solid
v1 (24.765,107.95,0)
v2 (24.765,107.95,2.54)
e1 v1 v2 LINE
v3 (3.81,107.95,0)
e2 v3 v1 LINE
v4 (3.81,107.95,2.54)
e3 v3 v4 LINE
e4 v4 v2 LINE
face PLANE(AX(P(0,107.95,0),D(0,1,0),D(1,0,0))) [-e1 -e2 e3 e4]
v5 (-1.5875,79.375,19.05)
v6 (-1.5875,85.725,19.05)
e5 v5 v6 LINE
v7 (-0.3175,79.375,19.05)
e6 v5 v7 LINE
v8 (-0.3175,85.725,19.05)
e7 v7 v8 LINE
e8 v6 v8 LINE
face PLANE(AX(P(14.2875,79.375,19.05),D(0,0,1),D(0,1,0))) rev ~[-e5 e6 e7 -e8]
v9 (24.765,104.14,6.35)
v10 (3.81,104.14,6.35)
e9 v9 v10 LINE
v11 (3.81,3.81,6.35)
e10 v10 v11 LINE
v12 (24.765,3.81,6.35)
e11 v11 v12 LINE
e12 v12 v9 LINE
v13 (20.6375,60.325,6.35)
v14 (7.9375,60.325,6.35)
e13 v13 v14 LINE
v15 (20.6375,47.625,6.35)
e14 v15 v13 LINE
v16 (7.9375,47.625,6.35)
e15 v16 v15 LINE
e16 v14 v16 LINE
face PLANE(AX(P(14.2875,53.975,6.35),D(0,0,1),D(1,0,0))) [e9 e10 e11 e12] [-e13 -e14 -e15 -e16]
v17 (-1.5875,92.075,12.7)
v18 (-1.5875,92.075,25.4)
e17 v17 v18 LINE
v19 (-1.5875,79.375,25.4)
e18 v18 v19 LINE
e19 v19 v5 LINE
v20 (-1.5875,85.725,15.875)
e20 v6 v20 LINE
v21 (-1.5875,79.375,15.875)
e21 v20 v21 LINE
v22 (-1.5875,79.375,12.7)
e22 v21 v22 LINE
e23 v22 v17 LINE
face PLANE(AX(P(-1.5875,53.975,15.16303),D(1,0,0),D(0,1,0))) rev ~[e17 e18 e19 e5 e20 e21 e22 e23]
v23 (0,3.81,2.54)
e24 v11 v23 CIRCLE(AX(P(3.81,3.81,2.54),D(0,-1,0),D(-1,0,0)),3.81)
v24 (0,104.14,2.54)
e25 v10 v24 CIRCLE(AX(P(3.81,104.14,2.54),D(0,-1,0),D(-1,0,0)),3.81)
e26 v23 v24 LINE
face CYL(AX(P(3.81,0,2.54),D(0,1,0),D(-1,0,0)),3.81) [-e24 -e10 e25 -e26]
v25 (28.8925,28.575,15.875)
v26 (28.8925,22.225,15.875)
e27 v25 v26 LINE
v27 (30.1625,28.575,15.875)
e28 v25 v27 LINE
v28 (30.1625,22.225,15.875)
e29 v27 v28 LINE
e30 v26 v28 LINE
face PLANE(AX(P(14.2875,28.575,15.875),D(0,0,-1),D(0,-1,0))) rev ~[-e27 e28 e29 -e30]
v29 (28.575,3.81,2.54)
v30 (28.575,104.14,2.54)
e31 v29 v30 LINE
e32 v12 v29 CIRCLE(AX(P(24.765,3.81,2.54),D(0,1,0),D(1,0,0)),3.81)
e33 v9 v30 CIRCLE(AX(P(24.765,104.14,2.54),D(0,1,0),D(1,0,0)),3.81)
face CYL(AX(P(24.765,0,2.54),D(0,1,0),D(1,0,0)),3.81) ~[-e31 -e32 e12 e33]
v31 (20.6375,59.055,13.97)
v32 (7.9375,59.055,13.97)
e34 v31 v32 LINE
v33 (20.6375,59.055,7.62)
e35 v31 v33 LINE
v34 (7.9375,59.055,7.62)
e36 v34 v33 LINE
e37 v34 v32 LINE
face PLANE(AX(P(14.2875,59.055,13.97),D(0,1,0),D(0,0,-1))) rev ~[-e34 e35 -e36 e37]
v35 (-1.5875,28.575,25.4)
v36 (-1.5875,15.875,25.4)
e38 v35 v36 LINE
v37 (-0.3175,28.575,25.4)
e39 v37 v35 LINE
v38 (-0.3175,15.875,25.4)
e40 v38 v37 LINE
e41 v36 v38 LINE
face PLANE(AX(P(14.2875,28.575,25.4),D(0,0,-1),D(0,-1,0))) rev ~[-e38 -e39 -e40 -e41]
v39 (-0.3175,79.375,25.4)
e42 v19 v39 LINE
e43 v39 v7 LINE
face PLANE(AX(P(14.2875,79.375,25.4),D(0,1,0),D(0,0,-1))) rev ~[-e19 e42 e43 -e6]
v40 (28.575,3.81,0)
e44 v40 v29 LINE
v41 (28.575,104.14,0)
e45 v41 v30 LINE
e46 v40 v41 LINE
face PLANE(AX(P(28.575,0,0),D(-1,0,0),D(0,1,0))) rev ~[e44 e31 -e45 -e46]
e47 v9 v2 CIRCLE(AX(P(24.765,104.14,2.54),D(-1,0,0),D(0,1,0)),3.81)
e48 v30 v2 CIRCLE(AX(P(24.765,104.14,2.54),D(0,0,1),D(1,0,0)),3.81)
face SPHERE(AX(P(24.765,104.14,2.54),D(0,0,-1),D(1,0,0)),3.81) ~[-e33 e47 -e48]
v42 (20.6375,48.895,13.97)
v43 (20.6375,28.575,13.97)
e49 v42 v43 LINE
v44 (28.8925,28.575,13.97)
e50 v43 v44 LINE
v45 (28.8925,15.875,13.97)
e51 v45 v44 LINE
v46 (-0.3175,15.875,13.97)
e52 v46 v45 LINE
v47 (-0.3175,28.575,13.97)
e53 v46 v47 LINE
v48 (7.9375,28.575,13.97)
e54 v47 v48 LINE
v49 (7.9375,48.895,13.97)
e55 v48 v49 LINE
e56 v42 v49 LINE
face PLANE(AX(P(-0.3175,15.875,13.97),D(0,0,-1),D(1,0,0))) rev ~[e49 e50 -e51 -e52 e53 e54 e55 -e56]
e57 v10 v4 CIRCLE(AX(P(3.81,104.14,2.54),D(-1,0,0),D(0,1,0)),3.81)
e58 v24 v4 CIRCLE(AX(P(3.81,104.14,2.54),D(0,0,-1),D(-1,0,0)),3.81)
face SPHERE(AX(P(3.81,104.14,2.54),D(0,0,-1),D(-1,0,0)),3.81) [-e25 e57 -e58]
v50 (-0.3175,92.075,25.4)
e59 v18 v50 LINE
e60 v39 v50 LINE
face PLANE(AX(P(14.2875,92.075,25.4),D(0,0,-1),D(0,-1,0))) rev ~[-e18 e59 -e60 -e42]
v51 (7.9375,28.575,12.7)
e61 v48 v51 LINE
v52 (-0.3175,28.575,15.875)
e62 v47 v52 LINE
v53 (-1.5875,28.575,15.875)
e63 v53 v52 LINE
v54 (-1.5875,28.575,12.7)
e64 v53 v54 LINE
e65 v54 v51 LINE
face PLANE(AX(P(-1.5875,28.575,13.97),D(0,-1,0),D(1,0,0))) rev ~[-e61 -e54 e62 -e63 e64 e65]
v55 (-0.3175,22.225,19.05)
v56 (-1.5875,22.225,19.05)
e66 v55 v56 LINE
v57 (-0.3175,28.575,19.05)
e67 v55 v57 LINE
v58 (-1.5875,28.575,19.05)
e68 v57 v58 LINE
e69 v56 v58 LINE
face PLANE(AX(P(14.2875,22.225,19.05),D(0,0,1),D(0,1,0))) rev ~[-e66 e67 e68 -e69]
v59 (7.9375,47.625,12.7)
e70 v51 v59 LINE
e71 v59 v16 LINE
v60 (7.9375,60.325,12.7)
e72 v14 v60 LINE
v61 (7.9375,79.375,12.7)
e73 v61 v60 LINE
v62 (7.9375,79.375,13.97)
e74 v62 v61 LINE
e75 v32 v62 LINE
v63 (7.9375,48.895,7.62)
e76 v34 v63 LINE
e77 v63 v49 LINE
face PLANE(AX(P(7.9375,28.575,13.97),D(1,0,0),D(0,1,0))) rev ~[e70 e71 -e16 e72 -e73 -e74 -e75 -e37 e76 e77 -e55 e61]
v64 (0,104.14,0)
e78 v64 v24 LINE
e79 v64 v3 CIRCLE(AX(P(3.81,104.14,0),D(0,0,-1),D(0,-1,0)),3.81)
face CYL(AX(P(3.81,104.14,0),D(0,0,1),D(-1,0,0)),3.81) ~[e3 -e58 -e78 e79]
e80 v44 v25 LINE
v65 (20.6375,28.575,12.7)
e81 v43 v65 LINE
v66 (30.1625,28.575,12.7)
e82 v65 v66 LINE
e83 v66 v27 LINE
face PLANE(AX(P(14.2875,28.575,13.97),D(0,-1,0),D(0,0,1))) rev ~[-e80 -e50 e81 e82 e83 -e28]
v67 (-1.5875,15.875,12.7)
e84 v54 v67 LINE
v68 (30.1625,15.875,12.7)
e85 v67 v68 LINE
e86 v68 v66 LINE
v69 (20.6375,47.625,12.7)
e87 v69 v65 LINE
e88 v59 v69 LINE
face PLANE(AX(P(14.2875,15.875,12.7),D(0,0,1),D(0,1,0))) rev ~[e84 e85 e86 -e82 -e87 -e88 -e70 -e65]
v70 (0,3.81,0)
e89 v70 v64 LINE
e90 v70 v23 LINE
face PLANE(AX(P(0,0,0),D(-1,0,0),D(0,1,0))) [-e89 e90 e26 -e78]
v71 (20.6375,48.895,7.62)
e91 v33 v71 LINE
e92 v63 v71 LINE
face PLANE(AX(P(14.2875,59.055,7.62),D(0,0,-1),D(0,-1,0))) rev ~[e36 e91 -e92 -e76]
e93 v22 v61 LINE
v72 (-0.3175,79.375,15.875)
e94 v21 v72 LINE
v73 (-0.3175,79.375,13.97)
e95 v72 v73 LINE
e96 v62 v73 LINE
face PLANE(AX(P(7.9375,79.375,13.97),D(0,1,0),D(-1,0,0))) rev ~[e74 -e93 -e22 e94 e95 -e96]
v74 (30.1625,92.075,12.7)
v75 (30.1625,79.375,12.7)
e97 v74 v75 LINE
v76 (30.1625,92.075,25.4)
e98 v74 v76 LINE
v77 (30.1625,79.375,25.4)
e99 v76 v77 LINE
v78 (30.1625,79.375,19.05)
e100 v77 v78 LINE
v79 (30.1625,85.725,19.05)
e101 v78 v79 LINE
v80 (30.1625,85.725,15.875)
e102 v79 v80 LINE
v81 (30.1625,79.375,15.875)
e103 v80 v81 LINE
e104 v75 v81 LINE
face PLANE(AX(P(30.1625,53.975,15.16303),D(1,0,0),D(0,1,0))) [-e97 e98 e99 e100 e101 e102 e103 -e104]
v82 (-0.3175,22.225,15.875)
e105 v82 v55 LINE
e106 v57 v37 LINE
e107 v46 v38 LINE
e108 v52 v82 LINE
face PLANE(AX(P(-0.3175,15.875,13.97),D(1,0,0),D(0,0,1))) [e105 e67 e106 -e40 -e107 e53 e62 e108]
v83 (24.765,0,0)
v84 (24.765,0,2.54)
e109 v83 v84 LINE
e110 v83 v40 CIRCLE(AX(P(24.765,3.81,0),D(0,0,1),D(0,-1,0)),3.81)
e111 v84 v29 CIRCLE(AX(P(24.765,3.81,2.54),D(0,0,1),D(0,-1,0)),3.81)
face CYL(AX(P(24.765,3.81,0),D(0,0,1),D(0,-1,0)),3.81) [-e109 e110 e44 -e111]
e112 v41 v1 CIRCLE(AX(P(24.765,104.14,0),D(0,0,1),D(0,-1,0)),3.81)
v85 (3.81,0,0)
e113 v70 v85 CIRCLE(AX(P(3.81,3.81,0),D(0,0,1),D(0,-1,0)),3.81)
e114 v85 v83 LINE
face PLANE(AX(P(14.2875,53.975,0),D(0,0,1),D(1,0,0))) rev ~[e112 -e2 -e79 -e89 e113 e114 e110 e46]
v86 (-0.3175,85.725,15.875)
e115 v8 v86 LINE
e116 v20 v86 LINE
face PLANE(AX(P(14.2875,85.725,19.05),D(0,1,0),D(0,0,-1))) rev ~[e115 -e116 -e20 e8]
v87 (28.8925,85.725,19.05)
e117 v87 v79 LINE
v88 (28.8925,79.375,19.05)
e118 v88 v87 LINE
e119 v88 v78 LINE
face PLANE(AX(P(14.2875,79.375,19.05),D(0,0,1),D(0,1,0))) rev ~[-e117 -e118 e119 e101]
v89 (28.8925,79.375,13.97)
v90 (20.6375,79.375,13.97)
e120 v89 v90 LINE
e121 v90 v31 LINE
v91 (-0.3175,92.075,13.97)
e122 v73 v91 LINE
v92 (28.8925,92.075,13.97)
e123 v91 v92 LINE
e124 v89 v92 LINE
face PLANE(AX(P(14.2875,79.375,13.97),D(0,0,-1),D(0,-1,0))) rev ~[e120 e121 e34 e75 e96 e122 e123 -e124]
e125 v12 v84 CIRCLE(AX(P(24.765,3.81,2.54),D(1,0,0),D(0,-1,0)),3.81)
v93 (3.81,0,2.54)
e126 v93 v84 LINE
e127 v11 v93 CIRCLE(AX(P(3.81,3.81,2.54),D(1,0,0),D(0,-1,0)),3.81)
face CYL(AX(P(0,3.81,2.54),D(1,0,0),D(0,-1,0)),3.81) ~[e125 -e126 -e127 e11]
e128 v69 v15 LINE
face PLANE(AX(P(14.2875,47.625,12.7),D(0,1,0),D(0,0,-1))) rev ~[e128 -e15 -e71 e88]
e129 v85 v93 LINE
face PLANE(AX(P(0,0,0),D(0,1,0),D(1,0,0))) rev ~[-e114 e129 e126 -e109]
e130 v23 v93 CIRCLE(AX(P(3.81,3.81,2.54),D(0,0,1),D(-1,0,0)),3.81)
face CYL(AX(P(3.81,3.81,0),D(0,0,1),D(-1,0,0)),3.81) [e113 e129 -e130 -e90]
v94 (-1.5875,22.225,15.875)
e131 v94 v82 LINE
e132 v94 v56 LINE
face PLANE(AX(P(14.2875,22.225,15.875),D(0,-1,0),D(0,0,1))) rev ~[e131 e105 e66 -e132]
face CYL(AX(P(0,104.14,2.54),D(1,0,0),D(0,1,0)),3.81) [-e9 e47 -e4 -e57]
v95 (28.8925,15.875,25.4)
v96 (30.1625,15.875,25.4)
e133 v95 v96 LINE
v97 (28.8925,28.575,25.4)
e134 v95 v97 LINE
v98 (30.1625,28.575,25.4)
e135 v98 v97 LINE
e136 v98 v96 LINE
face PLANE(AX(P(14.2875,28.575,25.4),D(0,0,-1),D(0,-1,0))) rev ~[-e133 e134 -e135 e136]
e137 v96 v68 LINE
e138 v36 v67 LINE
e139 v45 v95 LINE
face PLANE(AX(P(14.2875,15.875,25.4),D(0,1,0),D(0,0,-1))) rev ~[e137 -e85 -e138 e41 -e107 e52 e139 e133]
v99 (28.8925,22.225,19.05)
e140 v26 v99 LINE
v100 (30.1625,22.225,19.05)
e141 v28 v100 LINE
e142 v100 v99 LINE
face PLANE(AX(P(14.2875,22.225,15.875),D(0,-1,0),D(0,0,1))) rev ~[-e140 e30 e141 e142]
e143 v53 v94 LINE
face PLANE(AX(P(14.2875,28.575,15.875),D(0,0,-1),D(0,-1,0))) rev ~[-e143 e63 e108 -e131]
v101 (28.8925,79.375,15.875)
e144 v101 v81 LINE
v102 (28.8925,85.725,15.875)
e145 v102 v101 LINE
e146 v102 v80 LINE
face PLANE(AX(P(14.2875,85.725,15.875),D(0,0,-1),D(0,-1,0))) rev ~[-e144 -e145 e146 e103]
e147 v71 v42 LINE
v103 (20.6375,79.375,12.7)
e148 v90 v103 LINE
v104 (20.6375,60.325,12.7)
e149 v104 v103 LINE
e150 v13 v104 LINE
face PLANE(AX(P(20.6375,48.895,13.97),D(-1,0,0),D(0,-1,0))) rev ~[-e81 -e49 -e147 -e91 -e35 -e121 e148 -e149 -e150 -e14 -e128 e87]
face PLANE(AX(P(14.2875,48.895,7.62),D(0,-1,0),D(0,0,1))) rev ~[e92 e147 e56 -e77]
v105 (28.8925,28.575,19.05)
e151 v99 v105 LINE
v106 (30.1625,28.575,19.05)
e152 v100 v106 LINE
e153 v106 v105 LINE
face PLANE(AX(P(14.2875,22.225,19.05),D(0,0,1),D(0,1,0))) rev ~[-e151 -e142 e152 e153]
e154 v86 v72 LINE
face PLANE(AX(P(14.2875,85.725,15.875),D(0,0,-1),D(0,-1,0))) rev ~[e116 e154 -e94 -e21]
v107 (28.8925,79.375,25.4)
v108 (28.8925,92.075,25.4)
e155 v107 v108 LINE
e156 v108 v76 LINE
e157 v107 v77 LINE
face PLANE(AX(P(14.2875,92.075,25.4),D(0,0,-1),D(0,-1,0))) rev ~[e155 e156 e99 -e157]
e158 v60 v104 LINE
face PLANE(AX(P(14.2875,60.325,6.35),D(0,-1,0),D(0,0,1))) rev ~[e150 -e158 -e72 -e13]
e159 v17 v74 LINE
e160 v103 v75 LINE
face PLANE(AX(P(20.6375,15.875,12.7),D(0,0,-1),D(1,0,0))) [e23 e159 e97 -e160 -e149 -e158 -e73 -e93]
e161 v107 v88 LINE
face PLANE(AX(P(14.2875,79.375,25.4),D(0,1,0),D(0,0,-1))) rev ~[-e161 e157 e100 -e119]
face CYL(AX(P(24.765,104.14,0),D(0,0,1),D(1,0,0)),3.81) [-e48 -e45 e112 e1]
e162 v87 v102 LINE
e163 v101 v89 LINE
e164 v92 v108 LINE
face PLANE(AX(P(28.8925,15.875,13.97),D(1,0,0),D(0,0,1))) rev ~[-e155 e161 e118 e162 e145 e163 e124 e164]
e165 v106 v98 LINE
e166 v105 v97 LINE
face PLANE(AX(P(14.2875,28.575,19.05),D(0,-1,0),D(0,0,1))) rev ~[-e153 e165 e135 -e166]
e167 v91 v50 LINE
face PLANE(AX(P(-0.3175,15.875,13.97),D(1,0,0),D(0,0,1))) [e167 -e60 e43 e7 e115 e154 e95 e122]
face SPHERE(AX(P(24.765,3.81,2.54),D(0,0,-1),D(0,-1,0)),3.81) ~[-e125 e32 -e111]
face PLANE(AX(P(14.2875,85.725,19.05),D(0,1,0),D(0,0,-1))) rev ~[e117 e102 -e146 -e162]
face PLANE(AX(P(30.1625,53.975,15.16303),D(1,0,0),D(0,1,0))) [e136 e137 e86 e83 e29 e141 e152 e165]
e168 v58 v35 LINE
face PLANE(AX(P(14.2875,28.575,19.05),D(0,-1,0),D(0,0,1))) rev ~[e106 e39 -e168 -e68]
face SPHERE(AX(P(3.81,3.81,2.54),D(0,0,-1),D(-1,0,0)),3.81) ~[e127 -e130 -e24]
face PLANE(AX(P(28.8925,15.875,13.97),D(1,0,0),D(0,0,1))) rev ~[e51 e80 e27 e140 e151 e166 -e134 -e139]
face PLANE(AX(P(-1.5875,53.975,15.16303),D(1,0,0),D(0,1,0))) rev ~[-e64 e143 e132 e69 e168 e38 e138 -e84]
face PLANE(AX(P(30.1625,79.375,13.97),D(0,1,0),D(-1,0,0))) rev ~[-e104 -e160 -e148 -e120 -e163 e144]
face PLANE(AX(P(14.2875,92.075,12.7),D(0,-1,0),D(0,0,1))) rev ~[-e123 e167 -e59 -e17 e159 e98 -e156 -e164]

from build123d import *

# Parameters (mm, degrees)
F0_W          = 28.575
F0_H          = 107.95
F1_DEPTH      = 6.35
F2_R          = 3.81
F8_DEPTH      = 15.875
F8_DEPTH_BACK = 15.875
F9_W          = 9.525
F9_H          = 6.35
F9_W_2        = 29.21
F9_H_2        = 11.43
F10_DEPTH     = 92.076
F12_DEPTH     = 7.62


with BuildPart() as f1:
    # F0 (on Top) → F1 (new body)
    with BuildSketch(Plane.XY):
        with Locations((14.2875, 53.975)):
            Rectangle(F0_W, F0_H)
    extrude(amount=F1_DEPTH)

    # F2
    f2_edges = [f1.edges().sort_by_distance(p)[0] for p in [
        (28.575, 0, 3.175),
        (0, 0, 3.175),
        (28.575, 107.95, 3.175),
        (0, 107.95, 3.175),
        (0, 53.975, 6.35),
        (14.2875, 0, 6.35),
        (28.575, 53.975, 6.35),
        (14.2875, 107.95, 6.35),
    ]]
    fillet(f2_edges, radius=F2_R)

    # F7 (on 3pt) → F8 (join, two sides)
    with BuildSketch(Plane.YZ.offset(14.2875)) as f8_sk:
        Polygon((28.575, 25.4), (15.875, 25.4), (15.875, 12.7), (47.625, 12.7), (47.625, 6.35), (53.975, 6.35), (60.325, 6.35), (60.325, 12.7), (92.075, 12.7), (92.075, 25.4), (79.375, 25.4), (79.375, 19.05), (85.725, 19.05), (85.725, 15.875), (79.375, 15.875), (79.375, 13.97), (59.055, 13.97), (59.055, 7.62), (48.895, 7.62), (48.895, 13.97), (28.575, 13.97), (28.575, 15.875), (22.225, 15.875), (22.225, 19.05), (28.575, 19.05), align=None)
    extrude(amount=-F8_DEPTH)
    extrude(f8_sk.sketch, amount=F8_DEPTH_BACK)

    # F9 (on face) → F10 (cut, through all)
    with BuildSketch(Plane.XZ.offset(-15.875)):
        with Locations((3.175, 9.525)):
            Rectangle(F9_W, F9_H)
        with Locations((14.2875, 19.685)):
            Rectangle(F9_W_2, F9_H_2)
        with Locations((25.4, 9.525)):
            Rectangle(F9_W, F9_H)
    extrude(amount=-F10_DEPTH, mode=Mode.SUBTRACT)

    # F11 (on face) → F12 (cut, through all)
    with BuildSketch(Plane.XY.offset(13.97)):
        Polygon((7.9375, 48.895), (-1.5875, 48.895), (-1.5875, 28.575), (-0.3175, 28.575), (7.9375, 28.575), align=None)
        Polygon((-0.3175, 79.375), (-1.5875, 79.375), (-1.5875, 59.055), (7.9375, 59.055), (7.9375, 79.375), align=None)
        Polygon((30.1625, 48.895), (20.6375, 48.895), (20.6375, 28.575), (28.8925, 28.575), (30.1625, 28.575), align=None)
        Polygon((20.6375, 79.375), (20.6375, 59.055), (30.1625, 59.055), (30.1625, 79.375), (28.8925, 79.375), align=None)
    extrude(amount=-F12_DEPTH, mode=Mode.SUBTRACT)


solid = f1.part
